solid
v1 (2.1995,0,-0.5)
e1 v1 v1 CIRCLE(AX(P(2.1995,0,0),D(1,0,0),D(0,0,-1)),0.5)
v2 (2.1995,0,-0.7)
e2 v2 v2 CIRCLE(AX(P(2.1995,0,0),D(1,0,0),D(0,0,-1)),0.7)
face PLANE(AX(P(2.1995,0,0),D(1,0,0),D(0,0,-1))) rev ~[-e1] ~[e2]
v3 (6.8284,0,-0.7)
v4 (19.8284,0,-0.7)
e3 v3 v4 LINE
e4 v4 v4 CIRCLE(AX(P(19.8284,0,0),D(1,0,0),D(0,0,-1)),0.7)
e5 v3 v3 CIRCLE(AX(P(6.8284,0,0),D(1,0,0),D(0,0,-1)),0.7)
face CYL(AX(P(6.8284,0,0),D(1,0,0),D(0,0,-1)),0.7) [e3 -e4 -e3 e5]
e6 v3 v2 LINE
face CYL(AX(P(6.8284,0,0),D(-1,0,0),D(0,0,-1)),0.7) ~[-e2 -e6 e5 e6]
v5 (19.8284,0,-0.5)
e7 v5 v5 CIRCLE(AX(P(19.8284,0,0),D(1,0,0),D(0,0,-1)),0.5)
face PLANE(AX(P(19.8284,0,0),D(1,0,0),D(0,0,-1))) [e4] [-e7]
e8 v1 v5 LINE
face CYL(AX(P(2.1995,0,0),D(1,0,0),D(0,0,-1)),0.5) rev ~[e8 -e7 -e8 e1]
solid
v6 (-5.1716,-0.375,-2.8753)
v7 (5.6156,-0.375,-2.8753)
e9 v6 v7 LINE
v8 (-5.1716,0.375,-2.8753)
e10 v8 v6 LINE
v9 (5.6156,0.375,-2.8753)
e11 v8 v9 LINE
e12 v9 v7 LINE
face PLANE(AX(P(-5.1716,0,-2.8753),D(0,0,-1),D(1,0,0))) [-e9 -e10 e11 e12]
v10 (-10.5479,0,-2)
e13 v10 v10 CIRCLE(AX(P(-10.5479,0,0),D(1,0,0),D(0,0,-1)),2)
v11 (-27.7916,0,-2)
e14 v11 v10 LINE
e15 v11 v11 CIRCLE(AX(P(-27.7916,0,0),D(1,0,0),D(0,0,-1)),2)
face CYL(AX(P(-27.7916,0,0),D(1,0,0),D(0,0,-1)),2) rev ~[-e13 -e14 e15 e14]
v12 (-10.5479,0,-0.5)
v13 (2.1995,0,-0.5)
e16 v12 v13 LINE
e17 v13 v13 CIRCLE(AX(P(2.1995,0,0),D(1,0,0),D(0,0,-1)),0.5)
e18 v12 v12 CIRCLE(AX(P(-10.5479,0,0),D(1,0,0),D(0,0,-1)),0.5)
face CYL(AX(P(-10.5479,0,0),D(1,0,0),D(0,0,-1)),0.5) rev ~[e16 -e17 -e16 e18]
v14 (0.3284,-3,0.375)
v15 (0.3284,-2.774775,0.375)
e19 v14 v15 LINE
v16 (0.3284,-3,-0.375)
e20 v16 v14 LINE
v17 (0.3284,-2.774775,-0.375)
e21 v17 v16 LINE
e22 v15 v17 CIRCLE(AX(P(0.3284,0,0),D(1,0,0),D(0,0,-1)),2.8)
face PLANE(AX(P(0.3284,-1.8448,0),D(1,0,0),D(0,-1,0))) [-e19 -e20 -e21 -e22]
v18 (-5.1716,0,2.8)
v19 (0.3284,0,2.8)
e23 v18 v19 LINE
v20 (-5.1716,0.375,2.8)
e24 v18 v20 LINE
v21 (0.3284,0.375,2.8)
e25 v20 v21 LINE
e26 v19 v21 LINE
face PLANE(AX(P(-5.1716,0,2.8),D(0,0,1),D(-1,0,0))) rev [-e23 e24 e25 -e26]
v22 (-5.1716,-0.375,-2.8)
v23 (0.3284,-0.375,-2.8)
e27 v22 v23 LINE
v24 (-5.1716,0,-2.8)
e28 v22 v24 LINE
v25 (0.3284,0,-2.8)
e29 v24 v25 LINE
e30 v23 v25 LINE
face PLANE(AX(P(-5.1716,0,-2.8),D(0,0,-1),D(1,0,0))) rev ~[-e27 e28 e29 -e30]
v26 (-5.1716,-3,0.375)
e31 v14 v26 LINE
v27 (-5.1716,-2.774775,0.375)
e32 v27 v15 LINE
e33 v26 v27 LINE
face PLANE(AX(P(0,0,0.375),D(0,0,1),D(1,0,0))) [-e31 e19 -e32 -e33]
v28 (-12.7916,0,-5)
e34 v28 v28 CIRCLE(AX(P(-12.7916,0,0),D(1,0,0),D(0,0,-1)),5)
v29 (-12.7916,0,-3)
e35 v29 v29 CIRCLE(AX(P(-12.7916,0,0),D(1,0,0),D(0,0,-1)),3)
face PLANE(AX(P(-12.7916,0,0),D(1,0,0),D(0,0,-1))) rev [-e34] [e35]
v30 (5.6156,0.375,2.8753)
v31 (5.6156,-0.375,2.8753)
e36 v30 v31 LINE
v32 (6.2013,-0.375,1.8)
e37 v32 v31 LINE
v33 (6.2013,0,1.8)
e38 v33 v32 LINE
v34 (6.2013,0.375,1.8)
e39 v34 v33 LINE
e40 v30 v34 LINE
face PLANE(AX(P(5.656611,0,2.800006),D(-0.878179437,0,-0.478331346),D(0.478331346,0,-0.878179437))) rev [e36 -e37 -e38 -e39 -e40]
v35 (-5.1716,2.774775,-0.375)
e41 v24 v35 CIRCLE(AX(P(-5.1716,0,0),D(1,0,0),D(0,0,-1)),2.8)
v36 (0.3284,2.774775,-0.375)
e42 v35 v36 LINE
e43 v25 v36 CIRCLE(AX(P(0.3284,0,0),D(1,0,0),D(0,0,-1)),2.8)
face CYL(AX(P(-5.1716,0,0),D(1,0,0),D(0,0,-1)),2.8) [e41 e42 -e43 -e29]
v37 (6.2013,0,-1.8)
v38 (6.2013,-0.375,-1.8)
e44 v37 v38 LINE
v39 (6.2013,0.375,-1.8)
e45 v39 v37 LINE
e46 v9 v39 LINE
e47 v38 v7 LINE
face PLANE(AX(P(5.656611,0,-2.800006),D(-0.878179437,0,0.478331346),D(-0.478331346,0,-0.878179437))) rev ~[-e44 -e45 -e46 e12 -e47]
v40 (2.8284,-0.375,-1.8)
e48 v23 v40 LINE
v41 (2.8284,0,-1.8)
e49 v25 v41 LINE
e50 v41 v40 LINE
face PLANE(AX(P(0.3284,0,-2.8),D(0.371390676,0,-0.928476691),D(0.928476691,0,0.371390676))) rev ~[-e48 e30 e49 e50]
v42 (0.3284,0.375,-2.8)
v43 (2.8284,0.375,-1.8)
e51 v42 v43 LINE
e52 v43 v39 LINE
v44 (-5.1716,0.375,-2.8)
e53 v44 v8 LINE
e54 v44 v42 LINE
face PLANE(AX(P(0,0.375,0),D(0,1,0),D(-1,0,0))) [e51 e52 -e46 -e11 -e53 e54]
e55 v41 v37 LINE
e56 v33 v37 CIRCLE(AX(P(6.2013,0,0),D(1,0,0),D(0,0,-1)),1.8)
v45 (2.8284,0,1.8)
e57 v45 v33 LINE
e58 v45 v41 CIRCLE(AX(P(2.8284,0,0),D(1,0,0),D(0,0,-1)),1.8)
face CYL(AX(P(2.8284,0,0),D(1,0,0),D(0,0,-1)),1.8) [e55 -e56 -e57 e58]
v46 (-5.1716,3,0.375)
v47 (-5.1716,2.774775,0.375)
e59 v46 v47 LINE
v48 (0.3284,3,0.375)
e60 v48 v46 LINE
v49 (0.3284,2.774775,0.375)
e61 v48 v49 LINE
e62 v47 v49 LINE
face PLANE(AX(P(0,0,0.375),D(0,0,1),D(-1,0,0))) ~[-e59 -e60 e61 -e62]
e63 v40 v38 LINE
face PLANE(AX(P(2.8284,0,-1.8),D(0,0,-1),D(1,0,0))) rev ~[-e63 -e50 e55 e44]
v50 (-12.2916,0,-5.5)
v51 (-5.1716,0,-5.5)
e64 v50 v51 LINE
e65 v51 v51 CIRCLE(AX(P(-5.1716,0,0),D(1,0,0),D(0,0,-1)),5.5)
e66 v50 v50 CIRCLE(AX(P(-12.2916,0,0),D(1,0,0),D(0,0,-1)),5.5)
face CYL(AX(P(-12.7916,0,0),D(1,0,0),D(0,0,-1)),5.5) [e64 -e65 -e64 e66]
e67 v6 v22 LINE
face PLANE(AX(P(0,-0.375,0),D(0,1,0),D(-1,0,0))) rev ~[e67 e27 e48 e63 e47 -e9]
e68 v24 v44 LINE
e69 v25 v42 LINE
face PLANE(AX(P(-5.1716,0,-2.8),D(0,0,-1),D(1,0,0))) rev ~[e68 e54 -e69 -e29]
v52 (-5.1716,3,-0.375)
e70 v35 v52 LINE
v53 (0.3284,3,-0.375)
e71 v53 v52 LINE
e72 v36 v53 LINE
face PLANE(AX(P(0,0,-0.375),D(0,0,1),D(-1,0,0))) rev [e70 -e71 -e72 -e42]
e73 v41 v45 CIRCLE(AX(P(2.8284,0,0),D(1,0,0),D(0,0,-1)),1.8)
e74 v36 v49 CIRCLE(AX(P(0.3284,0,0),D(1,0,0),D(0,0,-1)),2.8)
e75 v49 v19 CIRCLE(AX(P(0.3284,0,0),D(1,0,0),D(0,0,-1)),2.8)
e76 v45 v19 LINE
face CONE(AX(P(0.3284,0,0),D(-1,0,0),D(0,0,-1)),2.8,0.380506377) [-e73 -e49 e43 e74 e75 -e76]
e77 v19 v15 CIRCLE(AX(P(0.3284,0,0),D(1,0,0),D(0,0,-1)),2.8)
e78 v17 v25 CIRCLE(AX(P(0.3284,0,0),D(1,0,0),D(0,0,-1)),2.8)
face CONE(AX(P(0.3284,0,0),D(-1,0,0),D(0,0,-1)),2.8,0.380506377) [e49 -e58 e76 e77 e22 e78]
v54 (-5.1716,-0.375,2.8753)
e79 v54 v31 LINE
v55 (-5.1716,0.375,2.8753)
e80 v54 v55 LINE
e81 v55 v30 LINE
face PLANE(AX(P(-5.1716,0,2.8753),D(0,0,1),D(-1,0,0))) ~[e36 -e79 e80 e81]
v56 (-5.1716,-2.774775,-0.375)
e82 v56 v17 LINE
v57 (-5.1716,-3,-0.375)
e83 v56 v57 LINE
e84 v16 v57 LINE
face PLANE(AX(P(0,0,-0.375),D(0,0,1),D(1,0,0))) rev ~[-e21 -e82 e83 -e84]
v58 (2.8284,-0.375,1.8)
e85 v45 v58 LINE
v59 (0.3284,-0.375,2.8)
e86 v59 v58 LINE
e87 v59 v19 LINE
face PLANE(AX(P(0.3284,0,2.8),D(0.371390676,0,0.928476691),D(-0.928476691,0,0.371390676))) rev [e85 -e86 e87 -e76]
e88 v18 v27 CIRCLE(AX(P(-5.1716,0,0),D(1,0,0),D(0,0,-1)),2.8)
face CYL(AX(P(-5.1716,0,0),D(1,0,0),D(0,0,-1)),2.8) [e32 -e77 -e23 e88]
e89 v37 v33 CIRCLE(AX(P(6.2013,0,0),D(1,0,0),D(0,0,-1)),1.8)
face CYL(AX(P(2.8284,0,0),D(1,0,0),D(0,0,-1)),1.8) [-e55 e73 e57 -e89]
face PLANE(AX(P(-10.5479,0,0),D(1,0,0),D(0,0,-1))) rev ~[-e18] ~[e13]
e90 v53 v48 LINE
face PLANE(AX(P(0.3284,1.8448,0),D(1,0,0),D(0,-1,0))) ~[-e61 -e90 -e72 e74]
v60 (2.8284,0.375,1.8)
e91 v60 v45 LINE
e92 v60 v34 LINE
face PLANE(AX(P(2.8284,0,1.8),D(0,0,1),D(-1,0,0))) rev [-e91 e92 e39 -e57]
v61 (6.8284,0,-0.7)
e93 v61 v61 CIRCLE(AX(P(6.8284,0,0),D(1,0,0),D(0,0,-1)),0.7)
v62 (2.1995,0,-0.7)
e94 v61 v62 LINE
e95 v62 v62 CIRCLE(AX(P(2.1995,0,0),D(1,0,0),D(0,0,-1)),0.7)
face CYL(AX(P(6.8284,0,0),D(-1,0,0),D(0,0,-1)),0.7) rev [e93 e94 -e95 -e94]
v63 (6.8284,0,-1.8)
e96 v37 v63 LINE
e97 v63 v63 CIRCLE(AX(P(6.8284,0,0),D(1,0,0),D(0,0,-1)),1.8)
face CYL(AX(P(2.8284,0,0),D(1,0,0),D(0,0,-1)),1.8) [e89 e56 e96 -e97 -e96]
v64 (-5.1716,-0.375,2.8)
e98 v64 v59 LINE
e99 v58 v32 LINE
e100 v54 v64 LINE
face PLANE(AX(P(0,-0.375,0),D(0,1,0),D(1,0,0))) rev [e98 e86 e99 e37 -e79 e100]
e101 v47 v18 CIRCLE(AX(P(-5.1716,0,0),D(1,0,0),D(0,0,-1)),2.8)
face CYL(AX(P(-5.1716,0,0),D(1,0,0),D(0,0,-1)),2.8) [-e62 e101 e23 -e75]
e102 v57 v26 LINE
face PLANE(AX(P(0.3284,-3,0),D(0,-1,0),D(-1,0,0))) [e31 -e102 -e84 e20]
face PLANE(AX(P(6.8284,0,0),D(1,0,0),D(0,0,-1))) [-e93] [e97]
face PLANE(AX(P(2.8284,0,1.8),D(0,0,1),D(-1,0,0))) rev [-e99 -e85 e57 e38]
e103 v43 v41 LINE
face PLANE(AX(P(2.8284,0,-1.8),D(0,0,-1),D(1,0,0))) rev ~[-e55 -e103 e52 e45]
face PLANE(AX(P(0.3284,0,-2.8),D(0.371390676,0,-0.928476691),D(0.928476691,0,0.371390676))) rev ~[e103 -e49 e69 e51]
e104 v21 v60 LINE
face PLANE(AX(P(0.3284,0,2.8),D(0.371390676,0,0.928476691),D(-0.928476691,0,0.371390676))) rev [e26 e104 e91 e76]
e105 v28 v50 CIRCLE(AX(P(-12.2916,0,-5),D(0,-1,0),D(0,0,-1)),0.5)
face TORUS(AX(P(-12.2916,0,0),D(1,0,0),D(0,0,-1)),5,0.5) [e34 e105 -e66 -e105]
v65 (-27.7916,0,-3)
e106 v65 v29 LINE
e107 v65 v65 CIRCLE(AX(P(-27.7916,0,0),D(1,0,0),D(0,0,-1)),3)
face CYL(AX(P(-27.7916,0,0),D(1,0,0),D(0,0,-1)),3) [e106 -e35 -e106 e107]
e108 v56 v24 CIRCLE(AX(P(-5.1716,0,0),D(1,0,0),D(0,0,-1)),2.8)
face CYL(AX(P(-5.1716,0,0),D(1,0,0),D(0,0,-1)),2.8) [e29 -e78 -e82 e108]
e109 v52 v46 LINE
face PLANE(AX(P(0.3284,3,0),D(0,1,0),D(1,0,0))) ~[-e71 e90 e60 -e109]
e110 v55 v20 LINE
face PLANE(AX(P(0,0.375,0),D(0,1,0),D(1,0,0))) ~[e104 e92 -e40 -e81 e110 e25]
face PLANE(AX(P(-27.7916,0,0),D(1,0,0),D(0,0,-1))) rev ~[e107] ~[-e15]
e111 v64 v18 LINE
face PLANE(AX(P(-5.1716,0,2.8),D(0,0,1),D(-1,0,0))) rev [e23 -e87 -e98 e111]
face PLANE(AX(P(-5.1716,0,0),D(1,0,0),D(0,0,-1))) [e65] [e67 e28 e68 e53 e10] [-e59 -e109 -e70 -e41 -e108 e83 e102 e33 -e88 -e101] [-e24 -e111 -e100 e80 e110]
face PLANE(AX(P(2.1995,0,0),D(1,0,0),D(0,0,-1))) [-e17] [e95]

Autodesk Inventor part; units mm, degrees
ref_plane "YZ Plane" through (0, 0, 0) normal (1, 0, 0) x (0, 1, 0)
ref_plane "XZ Plane" through (0, 0, 0) normal (0, 1, 0) x (-1, 0, 0)
ref_plane "XY Plane" through (0, 0, 0) normal (0, 0, 1) x (1, 0, 0)
sketch "Sketch1" plane through (0, 0, 0) normal (0, 1, 0) x (-1, 0, 0)
  line L0 (37.3156, 0) -> (-29.3524, 0) projected
  line L1 (27.7916, -3) -> (12.7916, -3)
  line L2 (12.7916, -3) -> (12.7916, -5.5)
  line L3 (12.7916, -5.5) -> (5.1716, -5.5)
  line L4 (5.1716, -5.5) -> (5.1716, -2.8)
  line L5 (5.1716, -2.8) -> (-0.3284, -2.8)
  line L6 (-6.8284, -0.7) -> (-19.8284, -0.7)
  line L7 (-19.8284, -0.7) -> (-19.8284, -0.5)
  line L8 (27.7916, -3) -> (27.7916, -2)
  line L9 (27.7916, -2) -> (10.5479, -2)
  line L10 (10.5479, -2) -> (10.5479, -0.5)
  line L11 (10.5479, -0.5) -> (-2.1995, -0.5)
  line L12 (-0.3284, -2.8) -> (-2.8284, -1.8)
  line L13 (-2.8284, -1.8) -> (-6.8284, -1.8)
  line L14 (-0.3284, -2.8) -> (-5.6566, -2.8)
  line L15 (-6.8284, -1.8) -> (-6.8284, -0.7)
  line L16 (5.1716, -2.8753) -> (-5.6156, -2.8753)
  line L17 (-6.2013, -1.8) -> (-5.6156, -2.8753)
  line L18 (-6.8284, -0.7) -> (-2.1995, -0.7)
  line L19 (-2.1995, -0.7) -> (-2.1995, -0.5)
  line L20 (-2.1995, -0.5) -> (-19.8284, -0.5)
  point P0 (0, 0)
  dimension "d0" = 11
  dimension "d1" = 7.62
  dimension "d3" = 25
  dimension "d4" = 6
  dimension "d5" = 4
  dimension "d6" = 15
  dimension "d8" = 1
  dimension "d9" = 0.2
  dimension "d11" = 5.6
  dimension "d12" = 5.5
  dimension "d13" = 3.6
  dimension "d14" = 4
  dimension "d15" = 12
revolve "Revolution1" add sketch "Sketch1" angle 360 about axis through (-10, 0, 0) along (1, 0, 0) contours L1 L2 L3 L4 L5 L12 L13 L15 L18 L19 L11 L10 L9 L8
fillet "Fillet1" radius 0.5 1 edges at (-12.7916, 0, 5.5)
extrude "Extrusion1" add sketch "Sketch1" along normal mid plane 0.75 contours L16 L17 L14 L5 L4 | L14 L17 L13 L12
mirror "Mirror1" about plane through (0, 0, 0) normal (0, 0, 1) of "Extrusion1"
sketch "Sketch2" plane through (0, 0, 0) normal (0, 0, 1) x (1, 0, 0)
  line L0 (-5.1716, -2.8) -> (0.3284, -2.8) projected
  line L1 (-5.1716, -5.5) -> (-5.1716, 5.5) projected
  line L2 (0.3284, -2.8) -> (0.3284, -3)
  line L3 (0.3284, -3) -> (-5.1716, -3)
  line L4 (-5.1716, -3) -> (-5.1716, -1.8448)
  line L5 (-5.1716, -1.8448) -> (0.3284, -1.8448)
  line L6 (0.3284, -1.8448) -> (0.3284, -2.8)
  point P0 (0, 0)
  dimension "d18" = 0.2
extrude "Extrusion2" add sketch "Sketch2" along normal mid plane 0.75
mirror "Mirror2" about plane through (0, 0, 0) normal (0, 1, 0) of "Extrusion2"
revolve "Revolution2" add sketch "Sketch1" angle 360 about axis through (-10, 0, 0) along (1, 0, 0) separate body contours L19 L18 L6 L7 L20
properties part number "syringe_tip_14"
